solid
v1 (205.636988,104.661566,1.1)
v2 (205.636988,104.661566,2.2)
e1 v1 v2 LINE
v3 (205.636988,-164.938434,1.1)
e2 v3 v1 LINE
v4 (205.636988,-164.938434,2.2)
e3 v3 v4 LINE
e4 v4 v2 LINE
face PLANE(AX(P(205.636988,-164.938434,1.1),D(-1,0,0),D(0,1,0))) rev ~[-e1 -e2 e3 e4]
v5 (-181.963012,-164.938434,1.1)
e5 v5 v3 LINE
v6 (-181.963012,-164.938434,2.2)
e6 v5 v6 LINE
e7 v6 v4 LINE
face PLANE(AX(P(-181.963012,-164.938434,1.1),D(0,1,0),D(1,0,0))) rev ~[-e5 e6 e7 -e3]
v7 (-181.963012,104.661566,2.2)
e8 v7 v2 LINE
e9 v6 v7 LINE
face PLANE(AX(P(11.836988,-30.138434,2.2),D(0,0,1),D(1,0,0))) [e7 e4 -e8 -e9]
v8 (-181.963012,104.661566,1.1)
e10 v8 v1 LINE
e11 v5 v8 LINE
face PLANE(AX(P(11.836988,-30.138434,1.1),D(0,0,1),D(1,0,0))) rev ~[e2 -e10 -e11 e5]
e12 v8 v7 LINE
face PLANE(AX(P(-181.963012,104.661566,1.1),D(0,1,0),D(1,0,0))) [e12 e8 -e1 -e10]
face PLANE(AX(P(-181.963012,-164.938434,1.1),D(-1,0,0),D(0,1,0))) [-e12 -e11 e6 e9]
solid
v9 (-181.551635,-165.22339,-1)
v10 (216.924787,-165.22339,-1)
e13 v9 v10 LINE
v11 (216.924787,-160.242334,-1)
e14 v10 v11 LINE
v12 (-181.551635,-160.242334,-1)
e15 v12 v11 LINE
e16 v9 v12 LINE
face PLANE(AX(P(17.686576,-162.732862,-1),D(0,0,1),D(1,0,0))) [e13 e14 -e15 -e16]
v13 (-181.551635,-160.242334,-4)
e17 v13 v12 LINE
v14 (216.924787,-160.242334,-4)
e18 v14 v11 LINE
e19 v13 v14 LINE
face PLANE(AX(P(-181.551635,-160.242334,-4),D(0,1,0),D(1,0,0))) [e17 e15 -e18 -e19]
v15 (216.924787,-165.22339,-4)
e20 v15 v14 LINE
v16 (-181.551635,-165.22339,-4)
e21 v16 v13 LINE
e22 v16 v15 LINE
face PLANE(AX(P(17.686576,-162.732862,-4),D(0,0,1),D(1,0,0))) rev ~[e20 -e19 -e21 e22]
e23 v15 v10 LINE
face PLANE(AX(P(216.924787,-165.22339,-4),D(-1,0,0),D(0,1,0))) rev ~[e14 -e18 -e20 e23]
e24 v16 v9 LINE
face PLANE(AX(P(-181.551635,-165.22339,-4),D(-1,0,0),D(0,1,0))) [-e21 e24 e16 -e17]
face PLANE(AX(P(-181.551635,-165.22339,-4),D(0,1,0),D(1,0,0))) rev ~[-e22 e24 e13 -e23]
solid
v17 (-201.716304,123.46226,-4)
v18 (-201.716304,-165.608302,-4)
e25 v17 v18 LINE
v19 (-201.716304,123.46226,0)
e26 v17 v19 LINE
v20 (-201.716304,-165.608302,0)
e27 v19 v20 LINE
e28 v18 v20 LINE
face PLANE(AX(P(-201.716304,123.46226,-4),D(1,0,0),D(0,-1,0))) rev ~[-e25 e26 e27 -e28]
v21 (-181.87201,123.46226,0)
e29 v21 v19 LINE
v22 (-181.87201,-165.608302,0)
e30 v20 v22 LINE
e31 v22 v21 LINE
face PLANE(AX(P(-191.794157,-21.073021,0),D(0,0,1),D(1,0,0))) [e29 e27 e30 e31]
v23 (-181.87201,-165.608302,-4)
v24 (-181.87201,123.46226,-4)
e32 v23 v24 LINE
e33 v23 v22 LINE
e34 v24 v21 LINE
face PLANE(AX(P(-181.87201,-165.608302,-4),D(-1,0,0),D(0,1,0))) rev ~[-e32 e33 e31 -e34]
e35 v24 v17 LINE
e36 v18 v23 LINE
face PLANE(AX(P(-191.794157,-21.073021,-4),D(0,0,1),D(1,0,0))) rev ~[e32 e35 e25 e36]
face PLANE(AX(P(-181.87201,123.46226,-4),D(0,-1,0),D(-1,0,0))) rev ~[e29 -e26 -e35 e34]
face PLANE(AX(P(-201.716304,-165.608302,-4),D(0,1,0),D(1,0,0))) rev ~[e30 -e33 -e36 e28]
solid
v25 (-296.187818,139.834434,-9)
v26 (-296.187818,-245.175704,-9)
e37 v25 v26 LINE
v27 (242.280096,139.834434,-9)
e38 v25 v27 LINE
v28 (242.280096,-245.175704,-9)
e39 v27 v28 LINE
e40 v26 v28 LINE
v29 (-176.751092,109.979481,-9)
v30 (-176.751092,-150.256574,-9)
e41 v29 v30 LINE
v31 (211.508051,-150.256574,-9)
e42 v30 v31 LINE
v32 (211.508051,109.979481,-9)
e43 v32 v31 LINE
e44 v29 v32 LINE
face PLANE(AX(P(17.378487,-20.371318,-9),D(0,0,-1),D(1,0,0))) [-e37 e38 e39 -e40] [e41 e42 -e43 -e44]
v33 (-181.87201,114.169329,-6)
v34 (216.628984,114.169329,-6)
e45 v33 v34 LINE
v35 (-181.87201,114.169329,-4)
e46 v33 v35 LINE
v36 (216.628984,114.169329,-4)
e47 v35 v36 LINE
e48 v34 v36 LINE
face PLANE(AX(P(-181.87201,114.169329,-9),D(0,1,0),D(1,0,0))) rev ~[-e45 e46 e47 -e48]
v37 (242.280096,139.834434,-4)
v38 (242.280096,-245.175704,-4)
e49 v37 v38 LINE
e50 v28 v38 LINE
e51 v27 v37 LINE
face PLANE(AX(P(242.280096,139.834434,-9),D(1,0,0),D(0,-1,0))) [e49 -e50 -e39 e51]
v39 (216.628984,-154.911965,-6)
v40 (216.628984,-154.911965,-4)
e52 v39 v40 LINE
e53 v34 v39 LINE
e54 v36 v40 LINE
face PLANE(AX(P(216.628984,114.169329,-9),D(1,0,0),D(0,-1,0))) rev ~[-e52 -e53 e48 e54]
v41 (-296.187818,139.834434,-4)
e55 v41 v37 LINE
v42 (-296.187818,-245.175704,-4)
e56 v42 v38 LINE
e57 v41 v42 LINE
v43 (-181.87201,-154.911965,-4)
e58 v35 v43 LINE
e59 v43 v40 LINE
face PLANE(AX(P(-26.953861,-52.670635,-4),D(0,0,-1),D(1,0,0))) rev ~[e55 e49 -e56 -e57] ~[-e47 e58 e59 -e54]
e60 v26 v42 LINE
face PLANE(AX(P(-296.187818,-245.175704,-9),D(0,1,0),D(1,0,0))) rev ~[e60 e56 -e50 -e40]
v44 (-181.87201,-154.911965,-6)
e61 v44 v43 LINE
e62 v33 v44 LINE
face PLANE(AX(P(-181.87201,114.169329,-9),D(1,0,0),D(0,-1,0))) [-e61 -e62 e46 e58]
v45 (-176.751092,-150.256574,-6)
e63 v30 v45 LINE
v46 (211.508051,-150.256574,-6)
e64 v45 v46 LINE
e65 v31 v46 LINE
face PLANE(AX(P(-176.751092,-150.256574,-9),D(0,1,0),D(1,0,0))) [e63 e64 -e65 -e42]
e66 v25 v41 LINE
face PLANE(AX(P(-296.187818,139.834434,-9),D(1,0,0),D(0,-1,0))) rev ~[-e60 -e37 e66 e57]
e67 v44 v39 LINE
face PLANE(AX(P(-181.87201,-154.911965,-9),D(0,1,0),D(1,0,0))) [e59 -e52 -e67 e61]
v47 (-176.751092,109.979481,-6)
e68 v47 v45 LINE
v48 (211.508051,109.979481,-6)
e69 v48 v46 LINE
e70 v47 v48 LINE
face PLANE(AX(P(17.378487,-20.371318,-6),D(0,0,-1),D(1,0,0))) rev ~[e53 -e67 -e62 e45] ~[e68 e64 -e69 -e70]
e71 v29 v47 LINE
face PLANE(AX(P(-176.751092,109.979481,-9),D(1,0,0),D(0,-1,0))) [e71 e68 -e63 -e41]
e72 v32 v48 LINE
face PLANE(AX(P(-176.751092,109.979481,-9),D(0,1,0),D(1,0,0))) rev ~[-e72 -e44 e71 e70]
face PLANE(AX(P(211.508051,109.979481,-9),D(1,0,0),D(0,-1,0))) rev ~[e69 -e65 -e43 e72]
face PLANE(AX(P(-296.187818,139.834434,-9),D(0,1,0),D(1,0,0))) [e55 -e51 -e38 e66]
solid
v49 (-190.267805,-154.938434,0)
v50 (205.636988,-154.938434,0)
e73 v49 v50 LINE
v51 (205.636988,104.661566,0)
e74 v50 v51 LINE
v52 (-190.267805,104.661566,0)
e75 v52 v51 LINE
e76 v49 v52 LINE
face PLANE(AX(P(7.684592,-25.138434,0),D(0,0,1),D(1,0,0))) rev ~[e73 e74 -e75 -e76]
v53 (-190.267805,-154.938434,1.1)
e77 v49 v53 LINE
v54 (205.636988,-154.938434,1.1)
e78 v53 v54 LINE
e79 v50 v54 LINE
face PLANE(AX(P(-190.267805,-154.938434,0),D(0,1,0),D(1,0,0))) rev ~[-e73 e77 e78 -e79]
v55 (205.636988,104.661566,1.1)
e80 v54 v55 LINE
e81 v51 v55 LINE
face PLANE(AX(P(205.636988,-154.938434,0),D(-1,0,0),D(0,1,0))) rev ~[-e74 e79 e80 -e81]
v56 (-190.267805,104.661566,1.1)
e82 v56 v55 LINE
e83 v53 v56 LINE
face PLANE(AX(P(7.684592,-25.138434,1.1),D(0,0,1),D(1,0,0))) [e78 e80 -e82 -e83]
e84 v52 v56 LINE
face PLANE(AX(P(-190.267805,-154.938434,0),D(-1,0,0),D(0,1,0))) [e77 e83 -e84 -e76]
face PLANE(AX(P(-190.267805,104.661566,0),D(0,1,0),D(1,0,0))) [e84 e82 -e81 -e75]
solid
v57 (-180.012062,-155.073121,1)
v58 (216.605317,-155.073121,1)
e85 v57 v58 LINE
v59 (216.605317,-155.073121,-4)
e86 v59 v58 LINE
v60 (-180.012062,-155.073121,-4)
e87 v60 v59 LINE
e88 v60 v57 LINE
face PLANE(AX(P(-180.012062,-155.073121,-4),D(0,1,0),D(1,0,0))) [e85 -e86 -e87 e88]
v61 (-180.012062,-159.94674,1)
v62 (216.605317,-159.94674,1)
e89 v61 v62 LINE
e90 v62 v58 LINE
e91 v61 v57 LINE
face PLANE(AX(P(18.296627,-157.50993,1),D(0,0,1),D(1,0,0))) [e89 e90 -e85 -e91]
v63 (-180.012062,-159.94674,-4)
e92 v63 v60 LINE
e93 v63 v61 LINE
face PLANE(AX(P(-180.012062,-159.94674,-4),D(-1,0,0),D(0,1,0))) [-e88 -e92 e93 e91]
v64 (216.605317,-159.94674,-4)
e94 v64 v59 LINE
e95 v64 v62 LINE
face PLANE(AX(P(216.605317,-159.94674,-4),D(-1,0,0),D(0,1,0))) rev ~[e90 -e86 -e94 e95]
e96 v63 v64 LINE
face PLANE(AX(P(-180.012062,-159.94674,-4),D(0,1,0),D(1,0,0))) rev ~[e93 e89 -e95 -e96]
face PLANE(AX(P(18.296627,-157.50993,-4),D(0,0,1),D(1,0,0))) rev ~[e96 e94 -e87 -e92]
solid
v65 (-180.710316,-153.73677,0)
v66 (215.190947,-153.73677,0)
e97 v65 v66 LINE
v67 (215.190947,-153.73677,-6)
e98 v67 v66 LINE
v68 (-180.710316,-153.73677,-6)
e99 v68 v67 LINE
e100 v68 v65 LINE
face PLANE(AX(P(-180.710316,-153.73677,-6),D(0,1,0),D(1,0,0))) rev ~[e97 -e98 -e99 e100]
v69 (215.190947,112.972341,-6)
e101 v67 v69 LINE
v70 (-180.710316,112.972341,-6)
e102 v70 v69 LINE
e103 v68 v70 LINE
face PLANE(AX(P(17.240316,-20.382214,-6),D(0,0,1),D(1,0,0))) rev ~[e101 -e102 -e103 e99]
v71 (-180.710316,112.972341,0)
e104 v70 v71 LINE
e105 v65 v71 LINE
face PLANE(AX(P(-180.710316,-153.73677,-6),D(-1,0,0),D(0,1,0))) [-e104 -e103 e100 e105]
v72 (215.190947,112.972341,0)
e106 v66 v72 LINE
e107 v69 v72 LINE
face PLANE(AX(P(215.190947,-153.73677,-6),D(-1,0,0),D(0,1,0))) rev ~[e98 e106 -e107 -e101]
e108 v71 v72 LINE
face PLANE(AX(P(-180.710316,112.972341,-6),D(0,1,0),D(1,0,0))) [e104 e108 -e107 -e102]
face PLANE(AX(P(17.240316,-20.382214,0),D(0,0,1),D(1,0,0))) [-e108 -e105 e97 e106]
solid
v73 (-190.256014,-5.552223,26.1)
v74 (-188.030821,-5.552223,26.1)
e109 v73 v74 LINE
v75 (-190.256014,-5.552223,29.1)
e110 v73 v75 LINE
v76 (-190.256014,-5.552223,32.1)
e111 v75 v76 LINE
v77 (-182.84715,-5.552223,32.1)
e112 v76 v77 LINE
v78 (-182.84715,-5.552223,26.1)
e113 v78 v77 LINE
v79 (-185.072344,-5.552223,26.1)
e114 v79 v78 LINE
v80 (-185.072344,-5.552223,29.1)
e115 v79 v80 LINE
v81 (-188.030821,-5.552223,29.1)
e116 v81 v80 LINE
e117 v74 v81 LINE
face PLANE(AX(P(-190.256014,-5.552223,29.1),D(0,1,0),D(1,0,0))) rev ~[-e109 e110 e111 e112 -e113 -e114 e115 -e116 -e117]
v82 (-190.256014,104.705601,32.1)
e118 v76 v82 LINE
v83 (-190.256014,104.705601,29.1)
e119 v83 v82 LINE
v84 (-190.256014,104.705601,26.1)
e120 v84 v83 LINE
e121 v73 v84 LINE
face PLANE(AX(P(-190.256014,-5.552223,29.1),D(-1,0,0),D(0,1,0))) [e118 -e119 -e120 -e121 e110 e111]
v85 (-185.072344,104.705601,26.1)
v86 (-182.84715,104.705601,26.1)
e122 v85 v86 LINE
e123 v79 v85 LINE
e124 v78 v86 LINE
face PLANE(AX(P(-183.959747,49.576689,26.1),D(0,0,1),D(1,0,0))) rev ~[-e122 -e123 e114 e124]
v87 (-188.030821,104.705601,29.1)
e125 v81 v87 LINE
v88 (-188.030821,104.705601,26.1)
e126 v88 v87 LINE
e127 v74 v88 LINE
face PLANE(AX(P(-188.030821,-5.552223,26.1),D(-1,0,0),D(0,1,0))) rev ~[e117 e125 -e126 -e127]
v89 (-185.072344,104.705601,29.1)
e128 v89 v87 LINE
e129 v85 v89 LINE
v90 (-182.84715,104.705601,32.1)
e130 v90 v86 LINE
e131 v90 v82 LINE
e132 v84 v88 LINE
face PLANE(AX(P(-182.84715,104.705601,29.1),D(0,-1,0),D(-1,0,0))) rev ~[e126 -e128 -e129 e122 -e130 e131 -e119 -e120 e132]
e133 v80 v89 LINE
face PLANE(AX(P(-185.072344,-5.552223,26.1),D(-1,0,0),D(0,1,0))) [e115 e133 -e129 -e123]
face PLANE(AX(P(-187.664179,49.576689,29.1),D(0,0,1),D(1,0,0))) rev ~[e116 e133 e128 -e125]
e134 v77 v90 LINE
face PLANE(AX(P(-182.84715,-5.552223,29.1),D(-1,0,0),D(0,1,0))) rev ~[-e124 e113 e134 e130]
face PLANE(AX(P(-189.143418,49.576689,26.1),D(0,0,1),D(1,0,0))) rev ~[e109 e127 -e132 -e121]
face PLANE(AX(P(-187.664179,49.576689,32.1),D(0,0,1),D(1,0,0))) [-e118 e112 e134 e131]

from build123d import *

# Parameters (mm, degrees)
F0_W      = 395.9047932061
F0_H      = 259.6
F1_DEPTH  = 1.1
F2_W      = 387.6
F2_H      = 269.6
F3_DEPTH  = 1.1
F5_W      = 538.467913866
F5_H      = 385.010138154
F5_W_2    = 398.5009938478
F5_H_2    = 269.0812945366
F6_DEPTH  = 5
F5_W_3    = 388.2591426373
F5_H_3    = 260.2360546589
F7_DEPTH  = 3
F9_DEPTH  = 4
F10_W     = 398.476421833
F10_H     = 4.9810558558
F11_DEPTH = 3
F12_W     = 395.9012627602
F12_H     = 266.7091116309
F13_DEPTH = 6
F14_W     = 396.6173790395
F14_H     = 4.8736184835
F15_DEPTH = 5
F17_W     = 2.2251938702
F17_H     = 110.2578239515
F18_DEPTH = 3
F19_W     = 5.1836705661
F19_H     = 110.2578239515
F19_W_2   = 2.2251938702
F20_DEPTH = 3


with BuildPart() as f1:
    # F0 (on Top) → F1 (new body)
    with BuildSketch(Plane.XY):
        with Locations((7.6845915152, -25.1384339285)):
            Rectangle(F0_W, F0_H)
    extrude(amount=F1_DEPTH)


with BuildPart() as f3:
    # F2 (on face) → F3 (new body)
    with BuildSketch(Plane.XY.offset(1.1)):
        with Locations((11.8369881183, -30.1384339285)):
            Rectangle(F2_W, F2_H)
    extrude(amount=F3_DEPTH)


with BuildPart() as f6:
    # F5 (on offset) → F6 (new body)
    with BuildSketch(Plane(origin=(0, 0, -9), x_dir=(1, 0, 0), z_dir=(0, 0, -1))):
        with Locations((-26.9538611174, 52.670635283)):
            Rectangle(F5_W, F5_H)
        with Locations((17.3784866929, 20.3713178635)):
            Rectangle(F5_W_2, F5_H_2, mode=Mode.SUBTRACT)
    extrude(amount=-F6_DEPTH)

    # F5 (on offset) → F7 (join)
    with BuildSketch(Plane(origin=(0, 0, -9), x_dir=(1, 0, 0), z_dir=(0, 0, -1))):
        with Locations((17.3784866929, 20.3713178635)):
            Rectangle(F5_W_2, F5_H_2)
        with Locations((17.3784792423, 20.1385468245)):
            Rectangle(F5_W_3, F5_H_3, mode=Mode.SUBTRACT)
    extrude(amount=-F7_DEPTH)


with BuildPart() as f9:
    # F8 (on face) → F9 (new body)
    with BuildSketch(Plane.XY.offset(-4)):
        Polygon((-201.7163038254, -165.6083017588), (-181.872010231, -165.6083017588), (-181.872010231, -154.9119651318), (-181.872010231, 114.1693294048), (-181.872010231, 123.4622597694), (-201.7163038254, 123.4622597694), align=None)
    extrude(amount=F9_DEPTH)


with BuildPart() as f11:
    # F10 (on face) → F11 (new body)
    with BuildSketch(Plane.XY.offset(-4)):
        with Locations((17.6865756512, -162.7328619361)):
            Rectangle(F10_W, F10_H)
    extrude(amount=F11_DEPTH)


with BuildPart() as f13:
    # F12 (on face) → F13 (new body)
    with BuildSketch(Plane.XY.offset(-6)):
        with Locations((17.2403156757, -20.3822143376)):
            Rectangle(F12_W, F12_H)
    extrude(amount=F13_DEPTH)


with BuildPart() as f15:
    # F14 (on face) → F15 (new body)
    with BuildSketch(Plane.XY.offset(-4)):
        with Locations((18.2966273278, -157.5099304318)):
            Rectangle(F14_W, F14_H)
    extrude(amount=F15_DEPTH)


with BuildPart() as f18:
    # F17 (on offset) → F18 (new body)
    with BuildSketch(Plane.XY.offset(26.1)):
        with Locations((-183.9597469651, 49.5766887216)):
            Rectangle(F17_W, F17_H)
    extrude(amount=F18_DEPTH)



with BuildPart() as f18b:
    # F17 (on offset) → F18, piece 2 (new body)
    with BuildSketch(Plane.XY.offset(26.1)):
        with Locations((-189.1434175312, 49.5766887216)):
            Rectangle(F17_W, F17_H)
    extrude(amount=F18_DEPTH)


with BuildPart() as f18_1:
    add(f18.part)

    add(f18b.part)  # F20 merges F18b
    # F19 (on face) → F20 (join)
    with BuildSketch(Plane.XY.offset(29.1)):
        with Locations((-187.6641791833, 49.5766887216)):
            Rectangle(F19_W, F19_H)
        with Locations((-183.9597469651, 49.5766887216)):
            Rectangle(F19_W_2, F19_H)
    extrude(amount=F20_DEPTH)


solid = Compound([f1.part, f3.part, f6.part, f9.part, f11.part, f13.part, f15.part, f18_1.part])
